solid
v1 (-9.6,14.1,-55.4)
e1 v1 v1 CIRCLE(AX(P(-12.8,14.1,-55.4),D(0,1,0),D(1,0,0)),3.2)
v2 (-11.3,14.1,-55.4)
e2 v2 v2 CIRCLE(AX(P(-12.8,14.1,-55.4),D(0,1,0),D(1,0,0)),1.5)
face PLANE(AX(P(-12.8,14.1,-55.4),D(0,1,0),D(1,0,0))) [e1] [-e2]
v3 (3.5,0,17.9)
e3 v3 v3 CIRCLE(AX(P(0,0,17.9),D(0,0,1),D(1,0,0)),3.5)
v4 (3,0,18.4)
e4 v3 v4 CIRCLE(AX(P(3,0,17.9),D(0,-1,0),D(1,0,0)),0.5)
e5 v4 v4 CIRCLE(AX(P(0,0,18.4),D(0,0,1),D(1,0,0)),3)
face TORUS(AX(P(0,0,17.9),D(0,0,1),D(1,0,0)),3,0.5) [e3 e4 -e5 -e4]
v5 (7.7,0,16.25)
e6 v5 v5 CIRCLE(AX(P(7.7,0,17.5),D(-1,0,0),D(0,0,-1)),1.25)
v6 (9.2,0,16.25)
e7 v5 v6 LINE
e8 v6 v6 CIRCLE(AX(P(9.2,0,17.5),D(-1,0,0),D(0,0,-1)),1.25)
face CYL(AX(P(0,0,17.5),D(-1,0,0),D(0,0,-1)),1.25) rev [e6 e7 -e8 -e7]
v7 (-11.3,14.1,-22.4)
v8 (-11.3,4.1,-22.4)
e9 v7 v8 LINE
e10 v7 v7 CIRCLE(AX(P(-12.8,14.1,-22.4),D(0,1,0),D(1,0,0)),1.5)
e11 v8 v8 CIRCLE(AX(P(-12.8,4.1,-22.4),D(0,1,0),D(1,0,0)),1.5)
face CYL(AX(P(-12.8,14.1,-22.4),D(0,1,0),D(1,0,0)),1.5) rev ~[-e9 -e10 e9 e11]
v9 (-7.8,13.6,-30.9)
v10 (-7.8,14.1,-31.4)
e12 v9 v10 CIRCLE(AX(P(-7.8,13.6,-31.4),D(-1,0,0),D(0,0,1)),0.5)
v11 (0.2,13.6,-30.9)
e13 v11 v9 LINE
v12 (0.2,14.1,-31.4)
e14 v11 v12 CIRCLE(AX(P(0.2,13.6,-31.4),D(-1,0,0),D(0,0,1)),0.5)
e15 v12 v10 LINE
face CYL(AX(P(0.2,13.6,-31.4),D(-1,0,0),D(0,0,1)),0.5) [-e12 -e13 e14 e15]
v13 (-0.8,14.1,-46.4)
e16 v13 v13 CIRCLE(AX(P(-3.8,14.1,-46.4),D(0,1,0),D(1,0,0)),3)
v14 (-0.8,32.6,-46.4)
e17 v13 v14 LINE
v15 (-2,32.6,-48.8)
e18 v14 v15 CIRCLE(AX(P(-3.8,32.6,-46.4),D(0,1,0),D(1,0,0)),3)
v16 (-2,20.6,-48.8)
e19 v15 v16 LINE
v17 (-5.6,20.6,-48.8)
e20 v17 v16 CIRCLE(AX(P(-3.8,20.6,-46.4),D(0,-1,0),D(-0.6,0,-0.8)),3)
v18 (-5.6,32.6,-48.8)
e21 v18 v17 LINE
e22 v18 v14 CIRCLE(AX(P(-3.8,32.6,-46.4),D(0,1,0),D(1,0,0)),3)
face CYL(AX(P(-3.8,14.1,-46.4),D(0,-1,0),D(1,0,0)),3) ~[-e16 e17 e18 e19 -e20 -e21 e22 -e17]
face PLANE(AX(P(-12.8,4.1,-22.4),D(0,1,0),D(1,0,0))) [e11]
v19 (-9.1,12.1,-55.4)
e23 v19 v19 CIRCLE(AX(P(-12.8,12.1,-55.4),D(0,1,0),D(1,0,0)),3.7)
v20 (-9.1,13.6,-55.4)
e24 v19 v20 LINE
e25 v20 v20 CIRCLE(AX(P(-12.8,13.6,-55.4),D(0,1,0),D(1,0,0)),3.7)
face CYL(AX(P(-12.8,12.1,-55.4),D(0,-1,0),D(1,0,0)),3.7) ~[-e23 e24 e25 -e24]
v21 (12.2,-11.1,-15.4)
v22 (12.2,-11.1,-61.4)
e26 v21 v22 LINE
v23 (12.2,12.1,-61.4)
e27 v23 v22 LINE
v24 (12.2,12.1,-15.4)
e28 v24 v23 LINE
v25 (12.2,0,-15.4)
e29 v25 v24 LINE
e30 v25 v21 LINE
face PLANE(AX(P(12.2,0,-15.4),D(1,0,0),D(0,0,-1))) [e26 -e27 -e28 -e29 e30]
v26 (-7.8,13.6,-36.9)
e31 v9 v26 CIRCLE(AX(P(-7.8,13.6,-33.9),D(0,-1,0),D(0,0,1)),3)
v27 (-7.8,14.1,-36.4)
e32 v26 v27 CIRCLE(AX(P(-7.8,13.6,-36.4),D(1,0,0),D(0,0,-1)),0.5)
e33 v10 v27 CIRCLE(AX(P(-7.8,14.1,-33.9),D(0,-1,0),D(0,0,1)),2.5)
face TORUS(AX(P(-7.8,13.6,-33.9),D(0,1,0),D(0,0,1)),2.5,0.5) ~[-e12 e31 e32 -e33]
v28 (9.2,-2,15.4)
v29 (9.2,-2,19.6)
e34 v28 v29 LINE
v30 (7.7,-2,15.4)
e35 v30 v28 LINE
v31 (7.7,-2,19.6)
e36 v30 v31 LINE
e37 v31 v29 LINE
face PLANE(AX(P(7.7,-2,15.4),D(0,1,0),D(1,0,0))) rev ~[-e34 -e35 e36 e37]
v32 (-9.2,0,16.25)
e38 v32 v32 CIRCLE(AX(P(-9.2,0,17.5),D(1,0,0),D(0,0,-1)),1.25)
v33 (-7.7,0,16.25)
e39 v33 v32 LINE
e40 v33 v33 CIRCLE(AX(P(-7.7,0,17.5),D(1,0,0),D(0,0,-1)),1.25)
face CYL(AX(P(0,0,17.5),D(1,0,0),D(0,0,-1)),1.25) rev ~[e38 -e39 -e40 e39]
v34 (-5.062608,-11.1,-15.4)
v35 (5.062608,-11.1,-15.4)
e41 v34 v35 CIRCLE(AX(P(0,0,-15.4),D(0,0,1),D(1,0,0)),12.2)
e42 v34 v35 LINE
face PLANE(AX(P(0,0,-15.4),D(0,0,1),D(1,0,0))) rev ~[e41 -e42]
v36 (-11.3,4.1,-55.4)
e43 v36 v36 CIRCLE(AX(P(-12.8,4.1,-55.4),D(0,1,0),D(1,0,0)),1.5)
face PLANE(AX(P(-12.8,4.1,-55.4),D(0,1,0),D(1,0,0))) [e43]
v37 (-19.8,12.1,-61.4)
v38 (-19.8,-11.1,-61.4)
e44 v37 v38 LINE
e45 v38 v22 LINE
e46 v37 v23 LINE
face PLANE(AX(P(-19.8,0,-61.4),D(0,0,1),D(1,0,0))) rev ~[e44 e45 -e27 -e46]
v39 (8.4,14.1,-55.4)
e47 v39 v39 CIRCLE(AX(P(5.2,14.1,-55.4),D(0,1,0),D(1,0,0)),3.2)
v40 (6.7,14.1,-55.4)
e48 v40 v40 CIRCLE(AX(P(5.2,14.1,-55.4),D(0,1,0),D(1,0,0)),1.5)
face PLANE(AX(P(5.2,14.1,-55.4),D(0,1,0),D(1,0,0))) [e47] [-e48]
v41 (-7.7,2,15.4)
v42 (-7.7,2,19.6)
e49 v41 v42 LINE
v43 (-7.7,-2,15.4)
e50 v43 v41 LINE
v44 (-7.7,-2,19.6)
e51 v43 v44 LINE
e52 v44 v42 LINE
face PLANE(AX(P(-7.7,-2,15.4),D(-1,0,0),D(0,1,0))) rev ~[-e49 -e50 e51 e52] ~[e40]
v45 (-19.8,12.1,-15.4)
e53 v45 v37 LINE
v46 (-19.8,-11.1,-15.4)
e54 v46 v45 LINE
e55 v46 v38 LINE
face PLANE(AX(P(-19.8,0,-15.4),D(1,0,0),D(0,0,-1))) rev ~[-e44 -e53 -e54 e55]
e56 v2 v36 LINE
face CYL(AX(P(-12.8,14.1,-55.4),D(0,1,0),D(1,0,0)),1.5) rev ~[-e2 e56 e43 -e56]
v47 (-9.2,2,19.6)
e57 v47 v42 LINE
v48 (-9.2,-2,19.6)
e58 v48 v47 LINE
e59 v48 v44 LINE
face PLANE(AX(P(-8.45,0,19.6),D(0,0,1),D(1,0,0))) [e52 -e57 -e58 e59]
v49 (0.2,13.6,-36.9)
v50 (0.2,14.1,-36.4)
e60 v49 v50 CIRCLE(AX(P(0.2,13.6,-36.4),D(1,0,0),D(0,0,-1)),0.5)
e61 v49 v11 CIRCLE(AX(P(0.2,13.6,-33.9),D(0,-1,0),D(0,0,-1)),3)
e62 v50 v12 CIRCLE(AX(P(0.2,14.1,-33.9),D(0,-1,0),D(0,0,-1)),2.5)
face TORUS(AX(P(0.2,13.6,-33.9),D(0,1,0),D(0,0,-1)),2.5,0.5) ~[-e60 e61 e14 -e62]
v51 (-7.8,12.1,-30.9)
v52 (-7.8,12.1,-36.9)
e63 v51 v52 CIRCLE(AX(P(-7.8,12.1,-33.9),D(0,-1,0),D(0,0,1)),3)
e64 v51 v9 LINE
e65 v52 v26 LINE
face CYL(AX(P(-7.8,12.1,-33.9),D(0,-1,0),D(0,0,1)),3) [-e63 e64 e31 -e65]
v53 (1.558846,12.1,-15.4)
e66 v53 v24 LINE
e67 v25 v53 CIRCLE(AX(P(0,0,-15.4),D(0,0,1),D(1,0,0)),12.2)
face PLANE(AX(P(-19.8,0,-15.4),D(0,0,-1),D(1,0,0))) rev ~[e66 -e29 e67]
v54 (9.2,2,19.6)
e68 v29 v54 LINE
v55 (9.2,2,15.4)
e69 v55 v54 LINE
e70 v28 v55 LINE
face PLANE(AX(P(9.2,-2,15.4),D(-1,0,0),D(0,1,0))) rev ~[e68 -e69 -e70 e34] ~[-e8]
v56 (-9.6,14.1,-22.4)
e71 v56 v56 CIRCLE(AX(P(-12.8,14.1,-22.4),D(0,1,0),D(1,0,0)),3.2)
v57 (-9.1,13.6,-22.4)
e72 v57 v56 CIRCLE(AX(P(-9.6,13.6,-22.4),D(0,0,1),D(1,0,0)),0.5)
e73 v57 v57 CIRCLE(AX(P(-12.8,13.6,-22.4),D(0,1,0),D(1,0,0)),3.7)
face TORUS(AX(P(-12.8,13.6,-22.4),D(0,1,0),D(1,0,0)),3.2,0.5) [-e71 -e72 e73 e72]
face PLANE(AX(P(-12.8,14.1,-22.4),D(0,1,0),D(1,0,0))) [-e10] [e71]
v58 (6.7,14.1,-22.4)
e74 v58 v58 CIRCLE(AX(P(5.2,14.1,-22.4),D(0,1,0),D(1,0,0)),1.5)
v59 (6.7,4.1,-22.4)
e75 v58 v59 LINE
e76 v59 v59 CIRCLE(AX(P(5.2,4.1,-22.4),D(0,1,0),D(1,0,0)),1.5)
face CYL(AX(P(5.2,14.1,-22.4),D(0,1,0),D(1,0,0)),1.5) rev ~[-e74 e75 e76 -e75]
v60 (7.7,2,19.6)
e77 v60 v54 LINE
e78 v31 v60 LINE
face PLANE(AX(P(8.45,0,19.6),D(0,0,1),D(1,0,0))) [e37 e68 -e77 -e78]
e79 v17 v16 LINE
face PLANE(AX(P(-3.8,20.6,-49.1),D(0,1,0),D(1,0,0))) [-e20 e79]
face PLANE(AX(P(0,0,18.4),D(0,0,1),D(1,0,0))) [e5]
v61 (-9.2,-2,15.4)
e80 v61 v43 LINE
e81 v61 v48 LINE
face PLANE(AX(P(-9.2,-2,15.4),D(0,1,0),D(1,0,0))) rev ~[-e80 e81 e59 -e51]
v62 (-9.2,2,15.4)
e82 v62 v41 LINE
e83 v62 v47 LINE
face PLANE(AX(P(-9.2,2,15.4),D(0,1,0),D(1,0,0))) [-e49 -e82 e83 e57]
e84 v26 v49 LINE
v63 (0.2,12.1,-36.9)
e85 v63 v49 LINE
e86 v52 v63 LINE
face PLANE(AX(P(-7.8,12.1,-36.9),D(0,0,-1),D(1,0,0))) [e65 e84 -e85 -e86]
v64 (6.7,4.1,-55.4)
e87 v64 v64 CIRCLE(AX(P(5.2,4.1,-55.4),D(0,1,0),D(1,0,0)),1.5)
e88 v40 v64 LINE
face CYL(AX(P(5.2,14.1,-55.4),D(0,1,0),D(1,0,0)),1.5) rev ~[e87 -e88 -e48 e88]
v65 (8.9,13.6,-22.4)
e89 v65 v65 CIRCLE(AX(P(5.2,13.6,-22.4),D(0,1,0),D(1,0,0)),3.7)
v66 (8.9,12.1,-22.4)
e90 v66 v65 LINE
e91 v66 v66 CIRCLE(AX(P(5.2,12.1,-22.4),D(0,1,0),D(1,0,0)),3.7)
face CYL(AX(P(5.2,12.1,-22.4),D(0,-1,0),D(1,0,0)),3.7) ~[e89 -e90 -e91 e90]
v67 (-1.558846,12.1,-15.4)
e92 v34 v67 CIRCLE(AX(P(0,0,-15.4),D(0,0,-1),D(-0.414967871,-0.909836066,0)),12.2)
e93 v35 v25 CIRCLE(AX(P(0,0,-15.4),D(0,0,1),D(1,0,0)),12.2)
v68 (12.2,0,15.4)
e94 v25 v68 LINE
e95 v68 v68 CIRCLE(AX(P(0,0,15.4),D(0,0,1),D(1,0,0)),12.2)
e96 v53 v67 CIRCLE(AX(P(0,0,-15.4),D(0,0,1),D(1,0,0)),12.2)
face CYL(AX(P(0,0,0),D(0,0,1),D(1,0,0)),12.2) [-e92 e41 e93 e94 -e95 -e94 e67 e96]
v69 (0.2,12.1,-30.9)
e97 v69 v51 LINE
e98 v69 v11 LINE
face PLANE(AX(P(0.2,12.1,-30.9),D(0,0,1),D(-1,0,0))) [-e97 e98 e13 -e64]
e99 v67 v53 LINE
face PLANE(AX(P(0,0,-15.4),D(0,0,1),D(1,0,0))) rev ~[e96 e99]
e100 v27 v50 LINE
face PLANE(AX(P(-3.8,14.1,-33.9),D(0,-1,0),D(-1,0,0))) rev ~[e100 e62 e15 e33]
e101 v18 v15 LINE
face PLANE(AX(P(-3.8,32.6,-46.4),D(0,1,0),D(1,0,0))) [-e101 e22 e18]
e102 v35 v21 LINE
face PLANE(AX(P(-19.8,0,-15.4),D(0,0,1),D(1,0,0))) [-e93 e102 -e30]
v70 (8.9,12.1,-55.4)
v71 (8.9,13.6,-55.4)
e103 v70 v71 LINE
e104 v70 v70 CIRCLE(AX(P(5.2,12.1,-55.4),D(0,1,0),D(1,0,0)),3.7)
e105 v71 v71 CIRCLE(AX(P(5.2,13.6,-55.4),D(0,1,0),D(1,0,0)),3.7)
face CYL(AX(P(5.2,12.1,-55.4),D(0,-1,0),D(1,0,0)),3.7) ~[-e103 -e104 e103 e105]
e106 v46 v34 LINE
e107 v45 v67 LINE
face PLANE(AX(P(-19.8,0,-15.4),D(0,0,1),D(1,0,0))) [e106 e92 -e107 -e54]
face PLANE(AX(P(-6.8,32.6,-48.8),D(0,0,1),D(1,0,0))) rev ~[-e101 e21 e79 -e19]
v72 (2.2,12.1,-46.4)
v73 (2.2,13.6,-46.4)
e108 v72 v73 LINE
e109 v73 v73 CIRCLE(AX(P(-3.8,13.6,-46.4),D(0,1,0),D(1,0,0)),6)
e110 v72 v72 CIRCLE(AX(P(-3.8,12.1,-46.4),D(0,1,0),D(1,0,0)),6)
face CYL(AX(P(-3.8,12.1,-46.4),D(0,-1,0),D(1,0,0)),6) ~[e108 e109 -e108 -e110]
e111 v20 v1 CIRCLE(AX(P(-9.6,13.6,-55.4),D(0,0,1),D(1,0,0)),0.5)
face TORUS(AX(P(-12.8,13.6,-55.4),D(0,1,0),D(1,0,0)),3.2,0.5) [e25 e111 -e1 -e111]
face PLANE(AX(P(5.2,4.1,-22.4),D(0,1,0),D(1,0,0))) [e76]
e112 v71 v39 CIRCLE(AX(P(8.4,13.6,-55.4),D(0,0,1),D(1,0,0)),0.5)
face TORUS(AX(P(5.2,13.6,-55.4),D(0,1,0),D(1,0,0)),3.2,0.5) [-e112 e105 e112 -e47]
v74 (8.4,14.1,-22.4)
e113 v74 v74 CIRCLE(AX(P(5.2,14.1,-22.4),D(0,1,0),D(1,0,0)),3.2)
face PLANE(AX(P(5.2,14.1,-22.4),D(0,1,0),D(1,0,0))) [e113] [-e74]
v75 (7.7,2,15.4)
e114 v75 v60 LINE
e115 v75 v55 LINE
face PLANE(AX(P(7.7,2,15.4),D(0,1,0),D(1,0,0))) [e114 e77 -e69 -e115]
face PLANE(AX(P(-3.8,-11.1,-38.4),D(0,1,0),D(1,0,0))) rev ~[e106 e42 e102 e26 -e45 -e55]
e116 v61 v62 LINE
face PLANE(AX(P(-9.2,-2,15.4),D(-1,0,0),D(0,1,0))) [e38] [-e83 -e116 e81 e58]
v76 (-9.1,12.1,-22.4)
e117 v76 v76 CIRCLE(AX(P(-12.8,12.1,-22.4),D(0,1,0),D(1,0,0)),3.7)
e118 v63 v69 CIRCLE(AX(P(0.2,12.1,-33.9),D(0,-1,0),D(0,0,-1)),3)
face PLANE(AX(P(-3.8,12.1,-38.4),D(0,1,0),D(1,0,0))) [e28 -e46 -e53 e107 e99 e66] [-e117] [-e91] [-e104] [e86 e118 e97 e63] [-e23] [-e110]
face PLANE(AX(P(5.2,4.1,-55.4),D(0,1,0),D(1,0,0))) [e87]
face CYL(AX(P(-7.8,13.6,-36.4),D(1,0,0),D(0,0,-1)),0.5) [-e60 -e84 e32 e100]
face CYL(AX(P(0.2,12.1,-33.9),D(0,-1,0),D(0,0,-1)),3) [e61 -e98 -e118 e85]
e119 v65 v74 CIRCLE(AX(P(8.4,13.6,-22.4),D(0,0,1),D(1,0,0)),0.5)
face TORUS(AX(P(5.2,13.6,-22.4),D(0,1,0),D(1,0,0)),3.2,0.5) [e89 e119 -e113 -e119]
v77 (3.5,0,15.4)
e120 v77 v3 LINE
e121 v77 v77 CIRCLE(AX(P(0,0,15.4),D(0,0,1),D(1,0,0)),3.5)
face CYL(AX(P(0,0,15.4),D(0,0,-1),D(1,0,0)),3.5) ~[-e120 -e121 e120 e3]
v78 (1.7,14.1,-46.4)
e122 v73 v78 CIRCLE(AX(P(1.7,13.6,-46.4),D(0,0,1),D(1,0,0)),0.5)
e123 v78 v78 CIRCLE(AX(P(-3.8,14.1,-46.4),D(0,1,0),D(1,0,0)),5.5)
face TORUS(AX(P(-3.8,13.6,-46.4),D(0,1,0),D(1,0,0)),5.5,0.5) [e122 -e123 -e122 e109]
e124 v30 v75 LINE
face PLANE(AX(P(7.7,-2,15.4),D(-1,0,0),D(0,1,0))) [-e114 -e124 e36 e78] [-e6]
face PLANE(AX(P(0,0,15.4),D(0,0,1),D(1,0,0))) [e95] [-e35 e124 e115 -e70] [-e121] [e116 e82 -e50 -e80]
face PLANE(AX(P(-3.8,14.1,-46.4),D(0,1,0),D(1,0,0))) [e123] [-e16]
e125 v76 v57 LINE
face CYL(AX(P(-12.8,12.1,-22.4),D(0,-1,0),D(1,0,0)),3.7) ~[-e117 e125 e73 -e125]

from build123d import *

# Parameters (mm, degrees)
ESBO_O4_R                      = 12.2
RESSALTO_EXTRUS_O3_DEPTH       = 15.4
ESBO_O6_W                      = 32
ESBO_O6_H                      = 46
RESSALTO_EXTRUS_O4_DEPTH       = 12.1
RESSALTO_EXTRUS_O4_DEPTH_BACK  = 11.1
ESBO_O7_R                      = 3.7
ESBO_O7_R_2                    = 6
RESSALTO_EXTRUS_O5_DEPTH       = 2
ESBO_O8_R                      = 3
RESSALTO_EXTRUS_O6_DEPTH       = 18.5
ESBO_O9_W                      = 6
ESBO_O9_H                      = 0.6
CORTE_EXTRUS_O1_DEPTH          = 12
ESBO_O10_R                     = 1.5
CORTE_EXTRUS_O2_EST_DEPTH      = 10
ESBO_O12_W                     = 1.5
ESBO_O12_H                     = 4
RESSALTO_EXTRUS_O8_EST_DEPTH   = 4.2
ESBO_O13_R                     = 1.25
CORTE_EXTRUS_O3_EST_DEPTH      = 13.2
CORTE_EXTRUS_O3_EST_DEPTH_BACK = 20.8
ESBO_O11_R                     = 3.5
RESSALTO_EXTRUS_O9_EST_DEPTH   = 3
FILETE2_R                      = 0.5


with BuildPart() as part:
    # Esboço4 → Ressalto-extrusão3 (new body, symmetric)
    with BuildSketch(Plane.XY):
        Circle(ESBO_O4_R)
    extrude(amount=RESSALTO_EXTRUS_O3_DEPTH, both=True)

    # Esboço6 → Ressalto-extrusão4 (add, two sides)
    with BuildSketch(Plane(origin=(0, 0, 0), x_dir=(1, 0, 0), z_dir=(0, 1, 0))) as ressalto_extrus_o4_sk:
        with Locations((-3.8, 38.4)):
            Rectangle(ESBO_O6_W, ESBO_O6_H)
    extrude(amount=RESSALTO_EXTRUS_O4_DEPTH)
    extrude(ressalto_extrus_o4_sk.sketch, amount=-RESSALTO_EXTRUS_O4_DEPTH_BACK)

    # Esboço7 → Ressalto-extrusão5 (add)
    with BuildSketch(Plane(origin=(0, 12.1, 0), x_dir=(1, 0, 0), z_dir=(0, 1, 0))):
        with Locations((-12.8, 55.4)):
            Circle(ESBO_O7_R)
        with Locations((5.2, 55.4)):
            Circle(ESBO_O7_R)
        with Locations((-12.8, 22.4)):
            Circle(ESBO_O7_R)
        with Locations((5.2, 22.4)):
            Circle(ESBO_O7_R)
        with Locations((-3.8, 46.4)):
            Circle(ESBO_O7_R_2)
        with BuildLine():
            Line((-7.8, 36.9), (0.2, 36.9))
            ThreePointArc((0.2, 36.9), (3.2, 33.9), (0.2, 30.9))
            Line((0.2, 30.9), (-7.8, 30.9))
            ThreePointArc((-7.8, 30.9), (-10.8, 33.9), (-7.8, 36.9))
        make_face()
    extrude(amount=RESSALTO_EXTRUS_O5_DEPTH)

    # Esboço8 → Ressalto-extrusão6 (add)
    with BuildSketch(Plane(origin=(0, 14.1, 0), x_dir=(1, 0, 0), z_dir=(0, 1, 0))):
        with Locations((-3.8, 46.4)):
            Circle(ESBO_O8_R)
    extrude(amount=RESSALTO_EXTRUS_O6_DEPTH)

    # Esboço9 → Corte-extrusão1 (cut)
    with BuildSketch(Plane(origin=(0, 32.6, 0), x_dir=(1, 0, 0), z_dir=(0, 1, 0))):
        with Locations((-3.8, 49.1)):
            Rectangle(ESBO_O9_W, ESBO_O9_H)
    extrude(amount=-CORTE_EXTRUS_O1_DEPTH, mode=Mode.SUBTRACT)

    # Esboço10 → Corte-extrusão2 - Est. (cut)
    with BuildSketch(Plane(origin=(0, 14.1, 0), x_dir=(1, 0, 0), z_dir=(0, 1, 0))):
        with Locations((-12.8, 55.4)):
            Circle(ESBO_O10_R)
        with Locations((5.2, 55.4)):
            Circle(ESBO_O10_R)
        with Locations((-12.8, 22.4)):
            Circle(ESBO_O10_R)
        with Locations((5.2, 22.4)):
            Circle(ESBO_O10_R)
    extrude(amount=-CORTE_EXTRUS_O2_EST_DEPTH, mode=Mode.SUBTRACT)

    # Esboço12 → Ressalto-extrusão8 - Est. (add)
    with BuildSketch(Plane.XY.offset(15.4)):
        with Locations((-8.45, 0)):
            Rectangle(ESBO_O12_W, ESBO_O12_H)
        with Locations((8.45, 0)):
            Rectangle(ESBO_O12_W, ESBO_O12_H)
    extrude(amount=RESSALTO_EXTRUS_O8_EST_DEPTH)

    # Esboço13 → Corte-extrusão3 - Est. (cut, two sides)
    with BuildSketch(Plane(origin=(0, 0, 0), x_dir=(0, 0, -1), z_dir=(1, 0, 0))) as corte_extrus_o3_est_sk:
        with Locations((-17.5, 0)):
            Circle(ESBO_O13_R)
    extrude(amount=CORTE_EXTRUS_O3_EST_DEPTH, mode=Mode.SUBTRACT)
    extrude(corte_extrus_o3_est_sk.sketch, amount=-CORTE_EXTRUS_O3_EST_DEPTH_BACK, mode=Mode.SUBTRACT)

    # Esboço11 → Ressalto-extrusão9 - Est. (add)
    with BuildSketch(Plane.XY.offset(15.4)):
        Circle(ESBO_O11_R)
    extrude(amount=RESSALTO_EXTRUS_O9_EST_DEPTH)

    # Filete2
    filete2_edges = [part.edges().sort_by_distance(p)[0] for p in [
        (-3.5, 0, 18.4),
        (-16.5, 14.1, -55.4),
        (1.5, 14.1, -55.4),
        (-16.5, 14.1, -22.4),
        (1.5, 14.1, -22.4),
        (-9.8, 14.1, -46.4),
        (-10.8, 14.1, -33.9),
        (-3.8, 14.1, -30.9),
        (3.2, 14.1, -33.9),
        (-3.8, 14.1, -36.9),
    ]]
    fillet(filete2_edges, radius=FILETE2_R)


solid = part.part
